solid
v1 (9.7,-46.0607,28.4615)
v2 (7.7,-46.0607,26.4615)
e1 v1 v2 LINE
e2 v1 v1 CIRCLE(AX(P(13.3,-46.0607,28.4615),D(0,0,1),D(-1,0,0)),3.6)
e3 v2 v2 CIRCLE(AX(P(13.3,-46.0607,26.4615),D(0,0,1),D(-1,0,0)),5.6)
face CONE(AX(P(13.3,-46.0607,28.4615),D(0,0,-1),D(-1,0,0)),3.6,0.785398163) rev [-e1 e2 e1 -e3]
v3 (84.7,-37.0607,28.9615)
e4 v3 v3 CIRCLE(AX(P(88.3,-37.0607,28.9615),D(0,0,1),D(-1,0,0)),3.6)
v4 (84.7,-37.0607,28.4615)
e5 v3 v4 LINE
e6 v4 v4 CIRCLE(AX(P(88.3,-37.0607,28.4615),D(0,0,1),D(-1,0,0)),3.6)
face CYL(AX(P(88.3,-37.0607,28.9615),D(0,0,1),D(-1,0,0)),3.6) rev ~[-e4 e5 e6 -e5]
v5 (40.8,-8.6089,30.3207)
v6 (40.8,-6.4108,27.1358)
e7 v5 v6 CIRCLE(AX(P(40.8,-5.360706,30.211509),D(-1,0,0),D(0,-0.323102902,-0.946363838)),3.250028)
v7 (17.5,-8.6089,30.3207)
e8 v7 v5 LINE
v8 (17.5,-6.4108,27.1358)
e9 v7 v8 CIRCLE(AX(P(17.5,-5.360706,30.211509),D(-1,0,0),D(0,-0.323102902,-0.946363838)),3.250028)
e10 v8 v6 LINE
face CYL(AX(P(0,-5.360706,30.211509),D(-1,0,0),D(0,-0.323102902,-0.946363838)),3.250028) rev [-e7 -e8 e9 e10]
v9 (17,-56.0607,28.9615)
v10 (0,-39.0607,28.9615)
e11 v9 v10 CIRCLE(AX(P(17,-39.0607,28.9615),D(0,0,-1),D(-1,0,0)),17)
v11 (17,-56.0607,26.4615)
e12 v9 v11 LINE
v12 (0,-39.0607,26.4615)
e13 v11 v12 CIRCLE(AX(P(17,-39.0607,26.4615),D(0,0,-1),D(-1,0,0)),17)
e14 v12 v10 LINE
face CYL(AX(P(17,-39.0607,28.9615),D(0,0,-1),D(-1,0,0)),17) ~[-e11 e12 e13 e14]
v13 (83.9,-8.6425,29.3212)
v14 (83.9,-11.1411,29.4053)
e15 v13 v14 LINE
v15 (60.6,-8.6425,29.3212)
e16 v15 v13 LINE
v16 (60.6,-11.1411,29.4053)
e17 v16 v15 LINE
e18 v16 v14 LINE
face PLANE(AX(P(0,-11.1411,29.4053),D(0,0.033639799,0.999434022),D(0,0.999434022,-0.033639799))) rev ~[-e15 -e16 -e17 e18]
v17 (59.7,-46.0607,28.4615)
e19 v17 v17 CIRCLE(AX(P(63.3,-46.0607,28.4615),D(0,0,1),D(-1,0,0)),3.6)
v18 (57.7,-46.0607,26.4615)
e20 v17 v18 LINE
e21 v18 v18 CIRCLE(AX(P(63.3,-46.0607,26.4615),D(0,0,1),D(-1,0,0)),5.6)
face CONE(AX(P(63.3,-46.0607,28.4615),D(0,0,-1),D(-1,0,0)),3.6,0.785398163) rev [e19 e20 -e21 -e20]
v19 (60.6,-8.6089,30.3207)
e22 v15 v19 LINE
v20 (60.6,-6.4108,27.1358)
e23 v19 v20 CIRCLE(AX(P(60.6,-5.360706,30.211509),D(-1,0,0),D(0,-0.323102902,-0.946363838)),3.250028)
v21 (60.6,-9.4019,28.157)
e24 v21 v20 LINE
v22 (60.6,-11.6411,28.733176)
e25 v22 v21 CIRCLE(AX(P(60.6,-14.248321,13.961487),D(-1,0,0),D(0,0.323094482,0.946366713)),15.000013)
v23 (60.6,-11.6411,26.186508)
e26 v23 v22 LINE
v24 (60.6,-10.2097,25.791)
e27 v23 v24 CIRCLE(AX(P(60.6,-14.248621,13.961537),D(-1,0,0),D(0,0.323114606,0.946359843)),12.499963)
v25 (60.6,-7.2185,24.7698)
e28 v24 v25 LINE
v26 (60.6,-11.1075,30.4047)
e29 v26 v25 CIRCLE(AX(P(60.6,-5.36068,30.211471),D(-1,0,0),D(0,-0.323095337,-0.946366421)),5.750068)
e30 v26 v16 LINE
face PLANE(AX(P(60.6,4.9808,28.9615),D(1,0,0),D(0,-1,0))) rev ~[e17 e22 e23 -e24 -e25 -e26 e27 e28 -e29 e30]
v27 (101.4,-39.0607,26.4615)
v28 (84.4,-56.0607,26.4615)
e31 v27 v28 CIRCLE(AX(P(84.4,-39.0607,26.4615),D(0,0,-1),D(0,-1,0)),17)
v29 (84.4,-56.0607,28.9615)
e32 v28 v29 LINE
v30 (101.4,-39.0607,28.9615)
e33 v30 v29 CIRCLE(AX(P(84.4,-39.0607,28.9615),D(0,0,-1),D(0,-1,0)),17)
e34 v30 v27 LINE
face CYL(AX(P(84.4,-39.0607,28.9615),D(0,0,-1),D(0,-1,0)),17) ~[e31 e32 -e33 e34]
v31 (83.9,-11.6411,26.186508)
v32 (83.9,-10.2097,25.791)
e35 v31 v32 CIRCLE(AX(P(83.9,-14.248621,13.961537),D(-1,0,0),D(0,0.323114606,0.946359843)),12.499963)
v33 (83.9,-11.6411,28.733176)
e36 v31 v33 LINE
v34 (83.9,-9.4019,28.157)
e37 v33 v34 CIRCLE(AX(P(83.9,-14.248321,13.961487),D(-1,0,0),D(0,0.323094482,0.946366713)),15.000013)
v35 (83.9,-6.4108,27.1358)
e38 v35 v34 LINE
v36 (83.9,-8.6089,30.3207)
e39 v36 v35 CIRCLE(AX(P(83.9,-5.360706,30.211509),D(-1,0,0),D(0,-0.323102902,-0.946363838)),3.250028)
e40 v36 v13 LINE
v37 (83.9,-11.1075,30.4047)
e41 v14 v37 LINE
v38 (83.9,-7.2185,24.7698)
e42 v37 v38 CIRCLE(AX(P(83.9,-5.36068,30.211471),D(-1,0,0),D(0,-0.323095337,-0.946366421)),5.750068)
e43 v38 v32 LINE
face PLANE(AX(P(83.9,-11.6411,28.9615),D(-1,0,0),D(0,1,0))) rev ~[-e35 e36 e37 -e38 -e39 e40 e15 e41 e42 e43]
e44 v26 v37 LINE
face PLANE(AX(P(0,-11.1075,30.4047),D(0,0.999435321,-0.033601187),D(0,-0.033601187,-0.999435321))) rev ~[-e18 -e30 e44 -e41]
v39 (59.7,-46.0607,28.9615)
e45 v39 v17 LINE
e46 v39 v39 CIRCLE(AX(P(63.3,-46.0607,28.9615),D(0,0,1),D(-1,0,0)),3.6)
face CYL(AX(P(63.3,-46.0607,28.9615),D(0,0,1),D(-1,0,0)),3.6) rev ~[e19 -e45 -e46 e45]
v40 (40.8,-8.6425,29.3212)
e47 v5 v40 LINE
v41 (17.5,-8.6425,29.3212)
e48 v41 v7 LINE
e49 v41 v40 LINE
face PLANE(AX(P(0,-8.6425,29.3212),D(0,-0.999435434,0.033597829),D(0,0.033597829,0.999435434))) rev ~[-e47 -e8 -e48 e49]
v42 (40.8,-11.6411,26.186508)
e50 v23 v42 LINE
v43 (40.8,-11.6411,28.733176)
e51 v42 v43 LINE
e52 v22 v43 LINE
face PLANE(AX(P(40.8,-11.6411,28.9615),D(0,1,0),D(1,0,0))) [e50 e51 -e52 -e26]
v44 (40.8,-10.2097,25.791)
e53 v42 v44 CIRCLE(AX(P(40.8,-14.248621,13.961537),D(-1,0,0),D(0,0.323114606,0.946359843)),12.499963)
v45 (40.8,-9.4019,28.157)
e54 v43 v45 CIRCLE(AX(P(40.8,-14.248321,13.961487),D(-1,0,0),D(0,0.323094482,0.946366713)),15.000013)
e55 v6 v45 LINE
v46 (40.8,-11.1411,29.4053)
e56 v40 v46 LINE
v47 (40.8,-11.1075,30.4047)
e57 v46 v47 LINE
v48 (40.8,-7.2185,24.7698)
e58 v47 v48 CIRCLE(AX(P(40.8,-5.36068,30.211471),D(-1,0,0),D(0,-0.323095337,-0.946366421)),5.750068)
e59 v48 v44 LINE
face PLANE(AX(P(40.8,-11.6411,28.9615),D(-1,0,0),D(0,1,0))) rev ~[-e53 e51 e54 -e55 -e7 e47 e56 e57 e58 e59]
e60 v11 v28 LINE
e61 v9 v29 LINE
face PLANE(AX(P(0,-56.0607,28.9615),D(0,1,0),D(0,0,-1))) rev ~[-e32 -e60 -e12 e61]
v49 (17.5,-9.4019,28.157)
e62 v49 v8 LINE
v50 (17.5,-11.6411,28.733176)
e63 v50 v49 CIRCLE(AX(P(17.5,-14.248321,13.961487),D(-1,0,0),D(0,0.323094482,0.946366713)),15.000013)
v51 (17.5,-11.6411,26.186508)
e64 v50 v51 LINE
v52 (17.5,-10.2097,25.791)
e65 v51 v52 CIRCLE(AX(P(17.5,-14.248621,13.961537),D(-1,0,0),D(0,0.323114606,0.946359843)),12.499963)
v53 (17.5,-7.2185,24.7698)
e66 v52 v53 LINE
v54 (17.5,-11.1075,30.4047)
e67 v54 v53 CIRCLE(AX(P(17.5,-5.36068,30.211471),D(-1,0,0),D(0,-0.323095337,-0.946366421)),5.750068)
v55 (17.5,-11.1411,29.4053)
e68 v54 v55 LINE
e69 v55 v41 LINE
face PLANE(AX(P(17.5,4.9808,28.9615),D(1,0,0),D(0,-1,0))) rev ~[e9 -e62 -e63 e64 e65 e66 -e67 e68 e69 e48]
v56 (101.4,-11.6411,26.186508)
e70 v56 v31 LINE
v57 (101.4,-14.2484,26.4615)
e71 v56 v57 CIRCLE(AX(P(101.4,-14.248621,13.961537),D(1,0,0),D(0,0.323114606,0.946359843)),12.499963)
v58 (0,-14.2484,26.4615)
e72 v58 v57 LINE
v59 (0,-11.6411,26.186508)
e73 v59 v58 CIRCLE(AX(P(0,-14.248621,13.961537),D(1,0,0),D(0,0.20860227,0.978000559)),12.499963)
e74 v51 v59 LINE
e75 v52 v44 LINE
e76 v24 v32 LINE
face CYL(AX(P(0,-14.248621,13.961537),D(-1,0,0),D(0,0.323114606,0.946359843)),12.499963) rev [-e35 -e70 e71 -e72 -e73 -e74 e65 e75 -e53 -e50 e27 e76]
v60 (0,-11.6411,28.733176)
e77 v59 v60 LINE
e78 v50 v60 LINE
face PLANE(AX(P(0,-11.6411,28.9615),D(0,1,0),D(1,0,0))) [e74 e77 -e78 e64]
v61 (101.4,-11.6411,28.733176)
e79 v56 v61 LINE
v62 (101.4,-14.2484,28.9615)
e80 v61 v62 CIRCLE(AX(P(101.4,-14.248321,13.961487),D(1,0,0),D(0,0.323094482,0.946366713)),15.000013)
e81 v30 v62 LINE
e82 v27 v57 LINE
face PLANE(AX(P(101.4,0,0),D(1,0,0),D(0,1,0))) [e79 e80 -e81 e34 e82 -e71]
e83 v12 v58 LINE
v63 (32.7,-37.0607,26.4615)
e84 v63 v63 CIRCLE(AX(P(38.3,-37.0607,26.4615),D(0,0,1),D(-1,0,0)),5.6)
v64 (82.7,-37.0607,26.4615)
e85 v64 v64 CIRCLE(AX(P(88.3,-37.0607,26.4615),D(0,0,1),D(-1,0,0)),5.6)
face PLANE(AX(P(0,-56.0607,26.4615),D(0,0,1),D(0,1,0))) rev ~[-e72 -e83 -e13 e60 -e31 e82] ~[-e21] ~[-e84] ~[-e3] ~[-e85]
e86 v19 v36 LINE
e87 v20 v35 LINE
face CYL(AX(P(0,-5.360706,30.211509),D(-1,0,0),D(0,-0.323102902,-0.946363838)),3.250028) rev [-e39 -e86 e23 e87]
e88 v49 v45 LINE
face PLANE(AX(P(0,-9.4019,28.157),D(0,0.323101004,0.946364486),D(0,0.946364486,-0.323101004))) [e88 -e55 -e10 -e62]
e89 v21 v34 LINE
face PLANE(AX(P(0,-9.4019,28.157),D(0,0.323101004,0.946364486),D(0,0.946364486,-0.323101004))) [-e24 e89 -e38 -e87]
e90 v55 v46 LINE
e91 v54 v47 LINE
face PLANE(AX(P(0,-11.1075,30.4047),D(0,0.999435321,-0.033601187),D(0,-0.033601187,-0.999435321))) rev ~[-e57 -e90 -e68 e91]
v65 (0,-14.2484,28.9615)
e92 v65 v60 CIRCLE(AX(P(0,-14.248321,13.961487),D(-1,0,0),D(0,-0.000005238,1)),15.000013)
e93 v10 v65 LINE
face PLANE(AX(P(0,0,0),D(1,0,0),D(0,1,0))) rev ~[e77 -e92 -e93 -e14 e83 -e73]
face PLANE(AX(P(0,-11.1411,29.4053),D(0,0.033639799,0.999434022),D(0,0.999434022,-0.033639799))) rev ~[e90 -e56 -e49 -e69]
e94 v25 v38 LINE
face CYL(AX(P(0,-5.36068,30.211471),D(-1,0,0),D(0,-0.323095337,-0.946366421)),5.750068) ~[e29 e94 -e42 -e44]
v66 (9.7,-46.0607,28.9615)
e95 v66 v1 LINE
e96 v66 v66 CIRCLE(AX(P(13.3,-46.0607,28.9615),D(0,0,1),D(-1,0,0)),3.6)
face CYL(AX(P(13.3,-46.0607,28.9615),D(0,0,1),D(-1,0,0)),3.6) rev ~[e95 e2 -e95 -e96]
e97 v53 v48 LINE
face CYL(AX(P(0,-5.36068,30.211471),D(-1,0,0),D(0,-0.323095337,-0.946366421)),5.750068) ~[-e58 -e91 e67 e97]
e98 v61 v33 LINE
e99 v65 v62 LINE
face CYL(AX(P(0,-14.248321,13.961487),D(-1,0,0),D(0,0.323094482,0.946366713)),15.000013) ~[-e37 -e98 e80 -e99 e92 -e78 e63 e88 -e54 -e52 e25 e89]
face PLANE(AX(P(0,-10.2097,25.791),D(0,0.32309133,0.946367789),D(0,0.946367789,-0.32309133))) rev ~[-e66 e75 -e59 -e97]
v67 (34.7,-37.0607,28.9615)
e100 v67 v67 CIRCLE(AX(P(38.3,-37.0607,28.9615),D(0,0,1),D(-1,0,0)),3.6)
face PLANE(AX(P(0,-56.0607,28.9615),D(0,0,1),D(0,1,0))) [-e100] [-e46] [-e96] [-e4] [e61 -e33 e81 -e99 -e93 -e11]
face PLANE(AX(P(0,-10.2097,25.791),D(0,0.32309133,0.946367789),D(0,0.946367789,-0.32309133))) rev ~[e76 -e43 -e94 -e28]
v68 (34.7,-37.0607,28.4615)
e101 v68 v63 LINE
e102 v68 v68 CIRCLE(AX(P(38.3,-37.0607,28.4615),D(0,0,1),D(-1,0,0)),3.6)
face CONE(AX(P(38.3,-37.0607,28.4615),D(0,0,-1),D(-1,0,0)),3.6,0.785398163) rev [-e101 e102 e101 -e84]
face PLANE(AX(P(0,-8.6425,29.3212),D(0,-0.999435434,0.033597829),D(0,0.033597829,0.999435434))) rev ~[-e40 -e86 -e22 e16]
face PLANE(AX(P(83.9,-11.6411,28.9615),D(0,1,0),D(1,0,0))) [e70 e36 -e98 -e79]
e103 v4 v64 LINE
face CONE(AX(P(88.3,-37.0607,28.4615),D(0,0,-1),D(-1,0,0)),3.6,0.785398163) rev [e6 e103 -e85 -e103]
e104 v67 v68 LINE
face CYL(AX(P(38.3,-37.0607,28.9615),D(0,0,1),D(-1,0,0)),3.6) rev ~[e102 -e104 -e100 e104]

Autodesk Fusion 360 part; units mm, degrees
sketch "Sketch2" plane through (0, 0, 0) normal (1, 0, 0) x (0, 1, 0)
  line L0 (-56.0607, 28.9615) -> (-14.2484, 28.9615)
  line L1 (-9.4019, 28.157) -> (-6.4108, 27.1358)
  arc A0 (-6.4108, 27.1358) -> (-8.6089, 30.3207) centre (-5.3607, 30.2115) ccw
  circle A1 centre (-5.3607, 30.2115) radius 2.75
  line L2 (-56.0607, 26.4615) -> (-14.2484, 26.4615)
  line L3 (-10.2097, 25.791) -> (-7.2185, 24.7698)
  arc A2 (-7.2185, 24.7698) -> (-11.1075, 30.4047) centre (-5.3607, 30.2115) ccw
  line L4 (-56.0607, 28.9615) -> (-56.0607, 26.4615)
  line L5 (-11.1075, 30.4047) -> (-11.1411, 29.4053)
  line L6 (-11.1411, 29.4053) -> (-8.6425, 29.3212)
  line L7 (-8.6425, 29.3212) -> (-8.6089, 30.3207)
  arc A3 (-9.4019, 28.157) -> (-14.2484, 28.9615) centre (-14.2484, 13.9615) ccw
  arc A4 (-10.2097, 25.791) -> (-14.2484, 26.4615) centre (-14.2484, 13.9615) ccw
  line L8 (14.6393, 52.3652) -> (14.6393, 9.6795) construction
  arc A5 (40.386, 30.4047) -> (36.497, 24.7698) centre (34.6393, 30.2115) ccw
  circle A6 centre (34.6393, 30.2115) radius 2.75
  line L9 (85.3393, 28.9615) -> (43.5269, 28.9615)
  line L10 (85.3393, 28.9615) -> (85.3393, 26.4615)
  arc A7 (43.5269, 28.9615) -> (38.6804, 28.157) centre (43.5269, 13.9615) ccw
  line L11 (40.386, 30.4047) -> (40.4196, 29.4053)
  arc A8 (37.8874, 30.3207) -> (35.6893, 27.1358) centre (34.6393, 30.2115) ccw
  line L12 (38.6804, 28.157) -> (35.6893, 27.1358)
  line L13 (40.4196, 29.4053) -> (37.921, 29.3212)
  line L14 (39.4882, 25.791) -> (36.497, 24.7698)
  line L15 (85.3393, 26.4615) -> (43.5269, 26.4615)
  arc A9 (43.5269, 26.4615) -> (39.4882, 25.791) centre (43.5269, 13.9615) ccw
  line L16 (37.921, 29.3212) -> (37.8874, 30.3207)
  dimension "d1" = 5.5
  dimension "d2" = 50.7
  dimension "d3" = 2.5
  dimension "d4" = 0
  dimension "d5" = 0.5
  dimension "d6" = 0
  dimension "d7" = 1
  dimension "d8" = 15
  dimension "d9" = 20
extrude "Extrude1" add sketch "Sketch2" along normal blind 101.4 contours L0 L1 A0 L2 L3 A2 L4 L5 L6 L7 A3 A4
sketch "Sketch1" plane through (0, 0, 28.9615) normal (0, 0, 1) x (-1, 0, 0)
  line L0 (0, 14.2484) -> (0, 56.0607)
  line L1 (0, 56.0607) -> (-101.4, 56.0607)
  line L2 (-101.4, 56.0607) -> (-101.4, 14.2484)
  line L3 (-101.4, 14.2484) -> (0, 14.2484)
  line L4 (0, 14.2484) -> (18.3824, 20.4527)
  line L5 (18.3824, 20.4527) -> (18.3824, -4.9808)
  line L6 (18.3824, -4.9808) -> (-17.5, -4.9808)
  line L7 (-17.5, -4.9808) -> (-17.5, 14.2484)
  line L8 (-40.8, 14.2484) -> (-40.8, 11.0057)
  line L9 (-40.8, 11.0057) -> (-40.8, -4.9808)
  line L10 (-40.8, -4.9808) -> (-60.6, -4.9808)
  line L11 (-60.6, -4.9808) -> (-60.6, 14.2484)
  line L12 (-83.9, 14.2484) -> (-83.9, -4.9808)
  line L13 (-83.9, -4.9808) -> (-134.9138, -4.9808)
  line L14 (-134.9138, -4.9808) -> (-127.3022, 20.8989)
  line L15 (-127.3022, 20.8989) -> (-101.4, 14.2484)
  circle A0 centre (-13.3, 46.0607) radius 3.6
  circle A1 centre (-63.3, 46.0607) radius 3.6
  circle A2 centre (-38.3, 37.0607) radius 3.6
  circle A3 centre (-88.3, 37.0607) radius 3.6
  arc A4 (0, 39.0607) -> (-17, 56.0607) centre (-17, 39.0607) ccw
  arc A5 (-84.4, 56.0607) -> (-101.4, 39.0607) centre (-84.4, 39.0607) ccw
  line L16 (0, 11.1411) -> (0, 8.6425)
  line L17 (-60.6, 11.6411) -> (-61.7689, 11.6411)
  line L18 (0, 11.6411) -> (-83.9, 11.6411)
  arc A6 (0, 11.6411) -> (0, 13.0607) centre (0, 12.3509) ccw
  line L19 (0, 13.0607) -> (0, 14.2484)
  line L20 (-83.9, 11.6411) -> (-104.4263, 11.6411)
  line L21 (-104.4263, 11.6411) -> (-104.4263, 15.0254)
  dimension "d25" = 17.5
  dimension "d26" = 17.5
  dimension "d27" = 23.3
  dimension "d28" = 23.3
  dimension "d37" = 7.2
  dimension "d40" = -25
  dimension "d41" = -9
  dimension "d42" = 13.3
  dimension "d43" = 10
  dimension "d44" = 17
  dimension "d45" = 17
  dimension "d78" = 0.5
extrude "Extrude2" cut sketch "Sketch1" along normal blind 10 and the other way blind 10 contours L4 L5 L6 L7 L18 A6 L19 | L0 L1 A4 | L1 L2 A5 | L8 L9 L10 L11 L18 | L12 L13 L14 L15 L20 L21 | A0 | A1 | A2 | A3
chamfer "Chamfer1" distance 2 angle 45 4 edges at (16.6564, -44.7589, 26.4615) (41.6564, -35.7589, 26.4615) (66.6564, -44.7589, 26.4615) (91.6564, -35.7589, 26.4615)
equation "d26 = d25"
equation "d27 = d28"
equation "d45 = d44"
equation "d2 = ( 101.4 / 2 ) * 1 mm"
equation "d4 = d4 / 2"
equation "d6 = d4"
